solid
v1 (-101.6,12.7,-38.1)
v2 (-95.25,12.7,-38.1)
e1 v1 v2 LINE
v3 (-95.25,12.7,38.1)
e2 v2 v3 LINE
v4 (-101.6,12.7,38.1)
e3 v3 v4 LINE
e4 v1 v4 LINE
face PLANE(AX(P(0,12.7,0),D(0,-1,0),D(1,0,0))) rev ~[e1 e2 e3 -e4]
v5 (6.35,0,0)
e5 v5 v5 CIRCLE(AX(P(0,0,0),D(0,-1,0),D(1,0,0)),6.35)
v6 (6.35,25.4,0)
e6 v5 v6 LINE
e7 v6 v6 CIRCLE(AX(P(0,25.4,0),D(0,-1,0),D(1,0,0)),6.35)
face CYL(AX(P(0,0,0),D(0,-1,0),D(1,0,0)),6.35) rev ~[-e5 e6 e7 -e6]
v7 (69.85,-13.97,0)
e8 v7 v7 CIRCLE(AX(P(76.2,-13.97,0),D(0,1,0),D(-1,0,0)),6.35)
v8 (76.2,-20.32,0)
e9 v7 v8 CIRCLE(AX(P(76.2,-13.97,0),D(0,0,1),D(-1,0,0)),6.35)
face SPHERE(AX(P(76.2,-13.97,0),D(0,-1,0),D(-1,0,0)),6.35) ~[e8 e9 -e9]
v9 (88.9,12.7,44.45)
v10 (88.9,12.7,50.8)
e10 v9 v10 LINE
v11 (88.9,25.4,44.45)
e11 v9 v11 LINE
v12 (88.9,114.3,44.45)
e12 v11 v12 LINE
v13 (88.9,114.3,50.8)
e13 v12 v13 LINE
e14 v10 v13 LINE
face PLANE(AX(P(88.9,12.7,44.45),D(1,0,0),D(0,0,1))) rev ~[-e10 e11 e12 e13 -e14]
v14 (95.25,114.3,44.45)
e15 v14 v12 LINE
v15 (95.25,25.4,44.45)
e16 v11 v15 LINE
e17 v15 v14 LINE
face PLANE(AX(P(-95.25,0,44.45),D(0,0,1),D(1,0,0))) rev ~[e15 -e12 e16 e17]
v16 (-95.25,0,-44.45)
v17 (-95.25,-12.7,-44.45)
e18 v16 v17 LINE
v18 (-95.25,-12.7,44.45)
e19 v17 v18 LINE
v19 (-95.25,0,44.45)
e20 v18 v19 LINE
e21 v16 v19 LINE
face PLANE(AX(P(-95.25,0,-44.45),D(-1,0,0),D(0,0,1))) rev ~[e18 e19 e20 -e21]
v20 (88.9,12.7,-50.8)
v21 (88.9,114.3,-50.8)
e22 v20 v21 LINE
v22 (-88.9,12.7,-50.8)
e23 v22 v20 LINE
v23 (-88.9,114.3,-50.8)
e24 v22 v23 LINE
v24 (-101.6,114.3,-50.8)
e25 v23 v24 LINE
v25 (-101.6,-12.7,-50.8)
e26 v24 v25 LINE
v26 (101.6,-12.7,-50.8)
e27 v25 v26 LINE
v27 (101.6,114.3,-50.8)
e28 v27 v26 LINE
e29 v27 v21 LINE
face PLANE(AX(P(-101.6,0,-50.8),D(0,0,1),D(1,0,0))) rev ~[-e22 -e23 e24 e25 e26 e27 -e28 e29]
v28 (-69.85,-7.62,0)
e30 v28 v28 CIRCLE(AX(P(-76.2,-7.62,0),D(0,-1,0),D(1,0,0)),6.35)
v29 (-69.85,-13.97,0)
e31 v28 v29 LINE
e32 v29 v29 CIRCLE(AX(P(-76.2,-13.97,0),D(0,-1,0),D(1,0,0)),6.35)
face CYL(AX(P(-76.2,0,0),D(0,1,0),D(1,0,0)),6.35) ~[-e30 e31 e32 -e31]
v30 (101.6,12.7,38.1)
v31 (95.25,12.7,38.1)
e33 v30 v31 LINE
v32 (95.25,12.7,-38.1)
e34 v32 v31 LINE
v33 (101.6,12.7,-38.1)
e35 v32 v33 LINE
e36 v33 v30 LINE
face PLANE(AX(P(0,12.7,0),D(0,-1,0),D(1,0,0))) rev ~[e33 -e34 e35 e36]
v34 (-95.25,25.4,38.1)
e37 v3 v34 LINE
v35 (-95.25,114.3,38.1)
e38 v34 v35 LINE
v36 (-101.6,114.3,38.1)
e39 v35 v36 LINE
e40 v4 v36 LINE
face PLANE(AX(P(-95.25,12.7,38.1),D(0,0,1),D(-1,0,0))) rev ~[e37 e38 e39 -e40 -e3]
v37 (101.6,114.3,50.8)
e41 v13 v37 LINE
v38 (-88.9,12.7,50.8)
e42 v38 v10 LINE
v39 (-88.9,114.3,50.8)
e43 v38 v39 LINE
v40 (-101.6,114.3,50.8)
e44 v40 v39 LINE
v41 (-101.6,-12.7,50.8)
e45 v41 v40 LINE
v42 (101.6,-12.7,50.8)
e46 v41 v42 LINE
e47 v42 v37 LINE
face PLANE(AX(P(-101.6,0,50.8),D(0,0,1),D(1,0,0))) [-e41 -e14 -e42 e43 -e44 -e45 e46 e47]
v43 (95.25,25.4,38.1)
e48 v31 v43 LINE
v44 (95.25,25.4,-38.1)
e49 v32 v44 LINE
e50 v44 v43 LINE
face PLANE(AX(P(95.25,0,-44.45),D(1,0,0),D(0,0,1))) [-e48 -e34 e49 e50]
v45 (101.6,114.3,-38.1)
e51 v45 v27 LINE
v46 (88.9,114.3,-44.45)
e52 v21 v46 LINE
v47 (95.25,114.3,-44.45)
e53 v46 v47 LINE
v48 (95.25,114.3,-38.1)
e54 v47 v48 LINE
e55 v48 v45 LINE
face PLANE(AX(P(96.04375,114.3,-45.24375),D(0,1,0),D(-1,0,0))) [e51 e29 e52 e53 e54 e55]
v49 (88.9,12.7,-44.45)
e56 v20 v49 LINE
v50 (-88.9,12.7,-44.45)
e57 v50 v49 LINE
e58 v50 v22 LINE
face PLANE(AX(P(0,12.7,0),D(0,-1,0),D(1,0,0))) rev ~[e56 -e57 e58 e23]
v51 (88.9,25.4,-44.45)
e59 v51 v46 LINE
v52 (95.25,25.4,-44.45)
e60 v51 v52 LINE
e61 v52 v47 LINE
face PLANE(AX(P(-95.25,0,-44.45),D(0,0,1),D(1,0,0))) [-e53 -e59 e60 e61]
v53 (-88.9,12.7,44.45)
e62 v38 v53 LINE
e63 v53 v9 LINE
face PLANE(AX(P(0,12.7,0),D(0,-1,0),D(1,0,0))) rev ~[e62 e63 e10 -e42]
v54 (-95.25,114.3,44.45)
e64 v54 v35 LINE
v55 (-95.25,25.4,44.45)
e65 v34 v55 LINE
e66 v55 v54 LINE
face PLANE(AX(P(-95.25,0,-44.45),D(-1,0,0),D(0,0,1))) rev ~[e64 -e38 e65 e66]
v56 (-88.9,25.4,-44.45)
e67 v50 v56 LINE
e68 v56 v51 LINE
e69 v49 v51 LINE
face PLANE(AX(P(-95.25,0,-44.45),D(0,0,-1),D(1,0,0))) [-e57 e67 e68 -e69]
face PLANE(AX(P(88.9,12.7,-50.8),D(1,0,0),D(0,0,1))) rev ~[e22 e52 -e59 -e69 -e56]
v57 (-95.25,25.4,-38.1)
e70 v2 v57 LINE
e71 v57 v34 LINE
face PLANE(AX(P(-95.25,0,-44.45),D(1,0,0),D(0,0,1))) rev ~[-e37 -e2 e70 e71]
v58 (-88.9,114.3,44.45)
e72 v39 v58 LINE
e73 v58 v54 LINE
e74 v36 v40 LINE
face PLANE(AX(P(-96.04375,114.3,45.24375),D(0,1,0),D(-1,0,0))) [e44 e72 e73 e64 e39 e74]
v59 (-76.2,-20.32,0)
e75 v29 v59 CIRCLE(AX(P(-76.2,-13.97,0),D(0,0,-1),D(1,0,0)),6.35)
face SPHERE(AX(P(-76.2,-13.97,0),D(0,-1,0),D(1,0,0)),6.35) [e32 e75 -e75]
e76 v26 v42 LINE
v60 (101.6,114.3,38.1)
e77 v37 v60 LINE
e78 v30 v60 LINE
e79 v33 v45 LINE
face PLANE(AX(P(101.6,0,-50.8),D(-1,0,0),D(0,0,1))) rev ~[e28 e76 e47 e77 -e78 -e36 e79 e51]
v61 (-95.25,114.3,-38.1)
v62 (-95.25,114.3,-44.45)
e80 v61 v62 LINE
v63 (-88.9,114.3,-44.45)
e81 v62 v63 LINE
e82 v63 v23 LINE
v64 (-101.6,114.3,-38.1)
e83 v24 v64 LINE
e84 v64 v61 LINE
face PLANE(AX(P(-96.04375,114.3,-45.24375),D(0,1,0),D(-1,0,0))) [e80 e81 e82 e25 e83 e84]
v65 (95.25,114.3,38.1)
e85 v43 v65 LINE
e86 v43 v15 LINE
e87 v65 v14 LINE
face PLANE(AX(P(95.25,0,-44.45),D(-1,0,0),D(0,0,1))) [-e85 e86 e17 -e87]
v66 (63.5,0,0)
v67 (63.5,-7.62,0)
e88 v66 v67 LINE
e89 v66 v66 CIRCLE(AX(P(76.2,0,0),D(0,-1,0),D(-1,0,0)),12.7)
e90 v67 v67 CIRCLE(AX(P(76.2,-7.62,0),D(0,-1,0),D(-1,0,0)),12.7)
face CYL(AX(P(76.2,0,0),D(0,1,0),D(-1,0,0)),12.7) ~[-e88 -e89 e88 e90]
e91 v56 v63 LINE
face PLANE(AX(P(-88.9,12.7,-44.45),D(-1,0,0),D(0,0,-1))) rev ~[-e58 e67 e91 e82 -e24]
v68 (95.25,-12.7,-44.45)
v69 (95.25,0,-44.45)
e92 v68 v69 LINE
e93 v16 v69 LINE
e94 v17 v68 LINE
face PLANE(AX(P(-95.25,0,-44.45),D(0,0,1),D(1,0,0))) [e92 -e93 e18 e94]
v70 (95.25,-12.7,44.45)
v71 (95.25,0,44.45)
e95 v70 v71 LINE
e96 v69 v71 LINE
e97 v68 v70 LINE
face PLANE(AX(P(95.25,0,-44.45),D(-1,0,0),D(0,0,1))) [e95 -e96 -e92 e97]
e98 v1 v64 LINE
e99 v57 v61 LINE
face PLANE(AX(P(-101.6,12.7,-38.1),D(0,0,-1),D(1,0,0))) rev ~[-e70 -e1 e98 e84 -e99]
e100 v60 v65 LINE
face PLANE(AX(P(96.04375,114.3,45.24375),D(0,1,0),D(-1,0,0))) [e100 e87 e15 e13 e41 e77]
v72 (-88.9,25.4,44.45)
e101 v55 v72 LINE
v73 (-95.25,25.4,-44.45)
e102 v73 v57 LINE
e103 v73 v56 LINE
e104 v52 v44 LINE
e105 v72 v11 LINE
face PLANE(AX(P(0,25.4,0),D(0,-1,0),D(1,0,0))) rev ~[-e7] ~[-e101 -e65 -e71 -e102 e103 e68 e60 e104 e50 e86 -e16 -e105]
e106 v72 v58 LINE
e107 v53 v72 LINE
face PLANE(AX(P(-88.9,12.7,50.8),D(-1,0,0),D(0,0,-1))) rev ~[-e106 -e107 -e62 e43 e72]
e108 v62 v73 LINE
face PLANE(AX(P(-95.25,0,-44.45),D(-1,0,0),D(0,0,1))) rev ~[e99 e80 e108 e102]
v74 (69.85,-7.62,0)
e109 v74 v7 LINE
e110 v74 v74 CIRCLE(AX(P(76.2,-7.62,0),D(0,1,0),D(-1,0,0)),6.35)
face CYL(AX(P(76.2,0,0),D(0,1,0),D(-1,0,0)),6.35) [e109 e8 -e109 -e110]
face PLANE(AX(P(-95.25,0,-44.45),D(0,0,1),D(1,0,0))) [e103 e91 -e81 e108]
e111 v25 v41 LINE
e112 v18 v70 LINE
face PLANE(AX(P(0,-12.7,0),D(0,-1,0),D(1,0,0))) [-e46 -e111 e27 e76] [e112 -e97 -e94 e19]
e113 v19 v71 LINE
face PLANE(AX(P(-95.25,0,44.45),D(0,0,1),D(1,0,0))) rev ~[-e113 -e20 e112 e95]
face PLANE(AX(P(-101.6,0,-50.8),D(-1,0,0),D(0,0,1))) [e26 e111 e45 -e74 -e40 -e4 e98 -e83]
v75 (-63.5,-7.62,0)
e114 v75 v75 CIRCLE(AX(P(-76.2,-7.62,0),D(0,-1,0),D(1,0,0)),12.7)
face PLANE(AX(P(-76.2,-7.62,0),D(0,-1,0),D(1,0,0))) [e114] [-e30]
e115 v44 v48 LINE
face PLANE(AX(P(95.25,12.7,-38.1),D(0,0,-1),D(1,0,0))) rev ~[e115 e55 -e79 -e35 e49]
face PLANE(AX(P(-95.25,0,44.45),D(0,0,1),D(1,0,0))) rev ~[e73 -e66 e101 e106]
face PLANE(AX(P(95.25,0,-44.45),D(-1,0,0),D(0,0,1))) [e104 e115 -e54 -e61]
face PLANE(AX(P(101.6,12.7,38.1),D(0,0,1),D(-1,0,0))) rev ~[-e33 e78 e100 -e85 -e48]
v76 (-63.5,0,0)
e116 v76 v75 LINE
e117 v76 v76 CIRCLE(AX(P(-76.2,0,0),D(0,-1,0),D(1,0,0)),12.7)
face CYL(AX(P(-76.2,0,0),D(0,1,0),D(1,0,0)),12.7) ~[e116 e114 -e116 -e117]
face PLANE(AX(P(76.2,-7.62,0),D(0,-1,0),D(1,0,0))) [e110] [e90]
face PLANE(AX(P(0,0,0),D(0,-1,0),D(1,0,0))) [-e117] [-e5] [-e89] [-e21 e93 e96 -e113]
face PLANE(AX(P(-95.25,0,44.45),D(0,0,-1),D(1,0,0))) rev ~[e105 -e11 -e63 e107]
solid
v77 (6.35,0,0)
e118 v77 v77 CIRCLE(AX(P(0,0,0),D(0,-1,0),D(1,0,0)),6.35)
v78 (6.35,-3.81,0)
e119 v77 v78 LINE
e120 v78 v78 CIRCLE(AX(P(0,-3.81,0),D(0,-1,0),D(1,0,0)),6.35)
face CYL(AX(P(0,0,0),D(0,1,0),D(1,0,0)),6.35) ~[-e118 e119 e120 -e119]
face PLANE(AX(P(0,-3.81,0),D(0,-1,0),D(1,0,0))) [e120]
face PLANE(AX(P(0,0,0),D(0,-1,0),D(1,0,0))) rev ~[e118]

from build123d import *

# Parameters (mm, degrees)
F0_W     = 203.2
F0_H     = 101.6
F0_W_2   = 190.5
F0_H_2   = 88.9
F1_DEPTH = 12.7
F3_DEPTH = 101.6
F4_DEPTH = 12.7
F0_R     = 6.35
F5_DEPTH = 25.4
F6_DEPTH = 3.81
F7_R     = 12.7
F7_R_2   = 6.35
F8_DEPTH = 7.62
F9_DEPTH = 20.32
F10_R    = 6.35


with BuildPart() as f1:
    # F0 (on Front) → F1 (new body)
    with BuildSketch(Plane.XZ):
        Rectangle(F0_W, F0_H)
        Rectangle(F0_W_2, F0_H_2, mode=Mode.SUBTRACT)
    extrude(amount=-F1_DEPTH)

    # F2 (on face) → F3 (join)
    with BuildSketch(Plane(origin=(0, 12.7, 0), x_dir=(-1, 0, 0), z_dir=(0, 1, 0))):
        Polygon((88.9, -50.8), (101.6, -50.8), (101.6, -38.1), (95.25, -38.1), (95.25, -44.45), (88.9, -44.45), align=None)
        Polygon((-101.6, -50.8), (-88.9, -50.8), (-88.9, -44.45), (-95.25, -44.45), (-95.25, -38.1), (-101.6, -38.1), align=None)
        Polygon((-101.6, 50.8), (-101.6, 38.1), (-95.25, 38.1), (-95.25, 44.45), (-88.9, 44.45), (-88.9, 50.8), align=None)
        Polygon((95.25, 38.1), (101.6, 38.1), (101.6, 50.8), (88.9, 50.8), (88.9, 44.45), (95.25, 44.45), align=None)
    extrude(amount=F3_DEPTH)

    # F0 (on Front) → F4 (join)
    with BuildSketch(Plane.XZ):
        Rectangle(F0_W, F0_H)
        Rectangle(F0_W_2, F0_H_2, mode=Mode.SUBTRACT)
    extrude(amount=F4_DEPTH)

    # F0 (on Front) → F5 (join)
    with BuildSketch(Plane.XZ):
        Rectangle(F0_W_2, F0_H_2)
        Circle(F0_R, mode=Mode.SUBTRACT)
    extrude(amount=-F5_DEPTH)

    # F7 (on Front) → F8 (join)
    with BuildSketch(Plane.XZ):
        with Locations((-76.2, 0)):
            Circle(F7_R)
        with Locations((-76.2, 0)):
            Circle(F7_R_2, mode=Mode.SUBTRACT)
        with BuildLine():
            ThreePointArc((88.9, 0), (76.2, 12.7), (63.5, 0))
            ThreePointArc((63.5, 0), (76.2, -12.7), (88.9, 0))
        make_face()
        with BuildLine():
            ThreePointArc((82.55, 0), (76.2, -6.35), (69.85, 0))
            ThreePointArc((69.85, 0), (76.2, 6.35), (82.55, 0))
        make_face(mode=Mode.SUBTRACT)
    extrude(amount=F8_DEPTH)

    # F9 (add): faces of the model
    f9_faces = [f1.faces().sort_by_distance(p)[0] for p in [
        (-76.2, 0, 0),
        (76.2, 0, 0),
    ]]
    extrude(f9_faces, amount=F9_DEPTH)

    # F10
    f10_edges = [f1.edges().sort_by_distance(p)[0] for p in [
        (-82.55, -20.32, 0),
        (82.55, -20.32, 0),
    ]]
    fillet(f10_edges, radius=F10_R)


with BuildPart() as f6:
    # F0 (on Front) → F6 (new body)
    with BuildSketch(Plane.XZ):
        Circle(F0_R)
    extrude(amount=F6_DEPTH)


solid = Compound([f1.part, f6.part])
